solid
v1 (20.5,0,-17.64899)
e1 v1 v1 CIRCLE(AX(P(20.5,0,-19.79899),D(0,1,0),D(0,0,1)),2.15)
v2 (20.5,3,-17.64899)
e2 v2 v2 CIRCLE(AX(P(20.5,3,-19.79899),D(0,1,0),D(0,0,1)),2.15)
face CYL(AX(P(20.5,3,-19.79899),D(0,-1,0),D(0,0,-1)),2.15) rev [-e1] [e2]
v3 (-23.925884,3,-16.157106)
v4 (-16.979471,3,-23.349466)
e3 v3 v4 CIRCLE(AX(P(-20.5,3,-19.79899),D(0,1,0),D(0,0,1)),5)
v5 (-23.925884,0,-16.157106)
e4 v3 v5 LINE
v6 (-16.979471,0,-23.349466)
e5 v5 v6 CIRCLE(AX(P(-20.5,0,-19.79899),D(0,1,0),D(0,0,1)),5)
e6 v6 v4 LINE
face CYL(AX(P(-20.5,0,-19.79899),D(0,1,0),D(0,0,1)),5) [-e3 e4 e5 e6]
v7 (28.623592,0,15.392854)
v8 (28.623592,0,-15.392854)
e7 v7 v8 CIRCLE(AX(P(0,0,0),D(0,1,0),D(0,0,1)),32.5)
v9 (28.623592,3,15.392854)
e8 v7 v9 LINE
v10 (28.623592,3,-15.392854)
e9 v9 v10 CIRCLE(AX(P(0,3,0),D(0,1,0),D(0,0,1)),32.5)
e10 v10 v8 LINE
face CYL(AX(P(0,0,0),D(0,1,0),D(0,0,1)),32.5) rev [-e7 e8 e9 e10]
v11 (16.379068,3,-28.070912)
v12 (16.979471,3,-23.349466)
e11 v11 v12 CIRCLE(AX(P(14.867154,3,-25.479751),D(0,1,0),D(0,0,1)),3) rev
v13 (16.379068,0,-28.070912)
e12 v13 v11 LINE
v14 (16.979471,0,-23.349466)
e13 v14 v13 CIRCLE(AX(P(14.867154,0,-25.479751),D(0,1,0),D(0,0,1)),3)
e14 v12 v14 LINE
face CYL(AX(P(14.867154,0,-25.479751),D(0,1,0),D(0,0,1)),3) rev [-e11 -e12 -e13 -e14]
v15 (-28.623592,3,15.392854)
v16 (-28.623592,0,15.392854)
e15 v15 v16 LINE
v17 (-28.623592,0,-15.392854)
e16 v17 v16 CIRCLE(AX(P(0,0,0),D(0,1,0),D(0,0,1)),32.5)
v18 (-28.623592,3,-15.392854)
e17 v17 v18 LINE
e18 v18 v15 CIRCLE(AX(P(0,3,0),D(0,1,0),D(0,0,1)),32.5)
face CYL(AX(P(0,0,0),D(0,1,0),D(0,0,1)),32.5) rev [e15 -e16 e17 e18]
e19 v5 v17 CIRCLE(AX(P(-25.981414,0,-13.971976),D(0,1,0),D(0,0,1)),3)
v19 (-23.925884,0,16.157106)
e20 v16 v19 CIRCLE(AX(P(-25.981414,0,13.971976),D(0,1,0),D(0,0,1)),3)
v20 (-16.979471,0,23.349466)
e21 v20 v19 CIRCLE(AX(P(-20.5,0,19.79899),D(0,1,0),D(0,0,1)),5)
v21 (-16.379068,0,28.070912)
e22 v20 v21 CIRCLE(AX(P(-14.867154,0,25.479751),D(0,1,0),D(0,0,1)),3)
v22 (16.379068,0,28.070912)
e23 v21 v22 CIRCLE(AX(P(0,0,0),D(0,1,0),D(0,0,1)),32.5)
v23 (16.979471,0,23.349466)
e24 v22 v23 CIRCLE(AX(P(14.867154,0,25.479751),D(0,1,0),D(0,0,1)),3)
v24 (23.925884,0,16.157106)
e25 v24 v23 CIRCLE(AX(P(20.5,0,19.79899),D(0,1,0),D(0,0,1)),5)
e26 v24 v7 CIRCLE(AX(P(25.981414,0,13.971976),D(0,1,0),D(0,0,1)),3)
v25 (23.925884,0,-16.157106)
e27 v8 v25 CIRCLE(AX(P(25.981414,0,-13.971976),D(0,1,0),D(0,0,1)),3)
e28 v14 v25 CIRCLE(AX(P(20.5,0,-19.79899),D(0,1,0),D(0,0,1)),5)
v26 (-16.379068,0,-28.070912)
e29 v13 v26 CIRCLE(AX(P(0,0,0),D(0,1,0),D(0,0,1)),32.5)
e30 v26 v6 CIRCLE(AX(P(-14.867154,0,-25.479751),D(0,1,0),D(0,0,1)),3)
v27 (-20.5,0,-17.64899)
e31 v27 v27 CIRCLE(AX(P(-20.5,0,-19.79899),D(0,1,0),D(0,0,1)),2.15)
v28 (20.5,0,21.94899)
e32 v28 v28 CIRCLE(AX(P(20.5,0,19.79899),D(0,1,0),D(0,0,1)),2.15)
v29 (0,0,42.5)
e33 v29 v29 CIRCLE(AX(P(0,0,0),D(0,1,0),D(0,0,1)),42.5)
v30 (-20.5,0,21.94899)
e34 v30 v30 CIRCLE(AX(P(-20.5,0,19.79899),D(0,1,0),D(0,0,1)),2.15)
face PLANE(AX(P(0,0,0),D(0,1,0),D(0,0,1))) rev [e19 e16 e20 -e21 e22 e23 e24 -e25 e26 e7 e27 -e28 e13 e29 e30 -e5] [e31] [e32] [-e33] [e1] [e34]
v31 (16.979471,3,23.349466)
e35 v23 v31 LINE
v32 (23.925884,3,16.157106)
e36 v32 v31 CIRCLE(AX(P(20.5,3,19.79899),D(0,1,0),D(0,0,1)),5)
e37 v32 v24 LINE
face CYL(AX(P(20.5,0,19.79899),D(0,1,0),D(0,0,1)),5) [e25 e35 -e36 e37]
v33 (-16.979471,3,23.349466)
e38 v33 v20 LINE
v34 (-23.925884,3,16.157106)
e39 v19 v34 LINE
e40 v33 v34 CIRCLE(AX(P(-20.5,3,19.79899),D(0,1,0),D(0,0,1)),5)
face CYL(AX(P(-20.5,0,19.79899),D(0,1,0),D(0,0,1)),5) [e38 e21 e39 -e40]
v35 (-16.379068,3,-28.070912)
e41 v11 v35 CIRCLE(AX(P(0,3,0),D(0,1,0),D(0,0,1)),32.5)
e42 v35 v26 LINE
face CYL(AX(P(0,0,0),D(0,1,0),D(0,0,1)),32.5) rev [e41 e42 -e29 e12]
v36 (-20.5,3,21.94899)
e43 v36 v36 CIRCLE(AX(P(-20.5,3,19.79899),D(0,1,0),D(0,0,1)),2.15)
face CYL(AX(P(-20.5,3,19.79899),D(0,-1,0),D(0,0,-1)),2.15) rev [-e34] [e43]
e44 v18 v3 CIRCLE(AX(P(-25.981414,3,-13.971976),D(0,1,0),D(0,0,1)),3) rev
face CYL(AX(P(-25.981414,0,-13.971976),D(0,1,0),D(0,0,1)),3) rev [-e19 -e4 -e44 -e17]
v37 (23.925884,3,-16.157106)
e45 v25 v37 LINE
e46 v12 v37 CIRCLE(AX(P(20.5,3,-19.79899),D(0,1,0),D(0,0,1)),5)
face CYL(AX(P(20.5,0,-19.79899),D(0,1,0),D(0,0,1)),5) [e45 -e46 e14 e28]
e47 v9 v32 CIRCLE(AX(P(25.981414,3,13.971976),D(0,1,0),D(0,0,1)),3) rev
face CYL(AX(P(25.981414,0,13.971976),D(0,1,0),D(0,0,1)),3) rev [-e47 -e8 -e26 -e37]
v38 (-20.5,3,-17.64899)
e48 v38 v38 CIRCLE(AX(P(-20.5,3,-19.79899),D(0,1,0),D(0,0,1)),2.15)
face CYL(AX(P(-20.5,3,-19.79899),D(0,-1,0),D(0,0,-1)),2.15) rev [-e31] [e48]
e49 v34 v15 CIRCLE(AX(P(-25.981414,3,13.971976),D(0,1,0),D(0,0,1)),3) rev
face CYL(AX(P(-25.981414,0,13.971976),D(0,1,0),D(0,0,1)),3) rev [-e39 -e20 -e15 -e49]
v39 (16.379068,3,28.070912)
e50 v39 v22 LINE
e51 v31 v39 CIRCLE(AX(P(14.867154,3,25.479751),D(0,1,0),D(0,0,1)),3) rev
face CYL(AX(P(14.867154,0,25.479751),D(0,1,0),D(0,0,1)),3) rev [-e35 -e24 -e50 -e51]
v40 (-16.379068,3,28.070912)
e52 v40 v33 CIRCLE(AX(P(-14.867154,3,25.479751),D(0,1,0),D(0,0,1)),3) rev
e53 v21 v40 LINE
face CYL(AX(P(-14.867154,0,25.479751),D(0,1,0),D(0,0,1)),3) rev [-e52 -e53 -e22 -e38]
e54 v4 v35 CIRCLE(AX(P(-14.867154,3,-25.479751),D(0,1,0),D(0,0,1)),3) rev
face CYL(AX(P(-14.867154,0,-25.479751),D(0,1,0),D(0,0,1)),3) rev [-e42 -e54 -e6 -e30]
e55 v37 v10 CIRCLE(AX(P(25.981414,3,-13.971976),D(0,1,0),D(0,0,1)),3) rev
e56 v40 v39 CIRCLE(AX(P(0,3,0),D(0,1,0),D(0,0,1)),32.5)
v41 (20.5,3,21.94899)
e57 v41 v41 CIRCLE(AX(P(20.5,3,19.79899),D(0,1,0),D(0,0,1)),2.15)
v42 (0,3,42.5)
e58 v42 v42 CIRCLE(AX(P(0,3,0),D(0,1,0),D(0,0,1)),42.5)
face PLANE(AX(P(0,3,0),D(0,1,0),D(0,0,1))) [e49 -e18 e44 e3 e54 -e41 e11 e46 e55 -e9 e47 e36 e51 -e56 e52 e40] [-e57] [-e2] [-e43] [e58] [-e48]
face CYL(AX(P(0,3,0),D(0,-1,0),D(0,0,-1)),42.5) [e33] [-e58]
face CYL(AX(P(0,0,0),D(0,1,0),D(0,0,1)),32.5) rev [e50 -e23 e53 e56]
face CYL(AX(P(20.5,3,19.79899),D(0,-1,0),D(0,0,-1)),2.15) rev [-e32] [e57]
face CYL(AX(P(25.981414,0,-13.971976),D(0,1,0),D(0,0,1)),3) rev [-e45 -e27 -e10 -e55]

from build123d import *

# Parameters (mm, degrees)
SKETCH_1_R          = 45
SKETCH_1_R_2        = 2
EXTRUDE_1_DEPTH     = 3
CUT_EXTRUDE_1_DEPTH = 64.710281745
FILLET_1_R          = 3
MOVE_FACE_1_BY      = 2.5
MOVE_FACE_2_BY      = 0.15
MOVE_FACE_2_2_BY    = 0.15
MOVE_FACE_2_3_BY    = 0.15
MOVE_FACE_2_4_BY    = 0.15


with BuildPart() as part:
    # ｽｹｯﾁ1 → ﾎﾞｽ - 押し出し1 (new body)
    with BuildSketch(Plane(origin=(0, 0, 0), x_dir=(1, 0, 0), z_dir=(0, 1, 0))):
        with Locations(Location((0, 0, 0), (0, 0, 270))):
            Circle(SKETCH_1_R)
        with Locations(Location((-20.5, -19.798989873, 0), (0, 0, 270))):
            Circle(SKETCH_1_R_2, mode=Mode.SUBTRACT)
        with Locations(Location((20.5, -19.798989873, 0), (0, 0, 90))):
            Circle(SKETCH_1_R_2, mode=Mode.SUBTRACT)
        with Locations(Location((20.5, 19.798989873, 0), (0, 0, 270))):
            Circle(SKETCH_1_R_2, mode=Mode.SUBTRACT)
        with Locations(Location((-20.5, 19.798989873, 0), (0, 0, 90))):
            Circle(SKETCH_1_R_2, mode=Mode.SUBTRACT)
    extrude(amount=EXTRUDE_1_DEPTH)

    # ｽｹｯﾁ2 → ｶｯﾄ - 押し出し1 (cut, through all)
    with BuildSketch(Plane(origin=(0, 3, 0), x_dir=(1, 0, 0), z_dir=(0, 1, 0))):
        with BuildLine():
            ThreePointArc((25.486471606, -20.166550649), (30.696582279, -10.675665619), (32.5, 0))
            ThreePointArc((32.5, 0), (30.696582279, 10.675665619), (25.486471606, 20.166550649))
            ThreePointArc((25.486471606, 20.166550649), (25.496616757, 19.9828947), (25.5, 19.798989873))
            ThreePointArc((25.5, 19.798989873), (16.778183392, 16.460115641), (21.040767545, 24.769660901))
            ThreePointArc((21.040767545, 24.769660901), (0, 32.5), (-21.040767545, 24.769660901))
            ThreePointArc((-21.040767545, 24.769660901), (-17.161125768, 23.520806481), (-15.5, 19.798989873))
            ThreePointArc((-15.5, 19.798989873), (-20.683904827, 14.802373116), (-25.486471606, 20.166550649))
            ThreePointArc((-25.486471606, 20.166550649), (-32.5, 0), (-25.486471606, -20.166550649))
            ThreePointArc((-25.486471606, -20.166550649), (-20.683904827, -14.802373116), (-15.5, -19.798989873))
            ThreePointArc((-15.5, -19.798989873), (-17.161125768, -23.520806481), (-21.040767545, -24.769660901))
            ThreePointArc((-21.040767545, -24.769660901), (0, -32.5), (21.040767545, -24.769660901))
            ThreePointArc((21.040767545, -24.769660901), (16.778183392, -16.460115641), (25.5, -19.798989873))
            ThreePointArc((25.5, -19.798989873), (25.496616757, -19.9828947), (25.486471606, -20.166550649))
        make_face()
    extrude(amount=-CUT_EXTRUDE_1_DEPTH, mode=Mode.SUBTRACT)

    # ﾌｨﾚｯﾄ1
    fillet_1_edges = [part.edges().sort_by_distance(p)[0] for p in [
        (21.040767545, 1.5, -24.769660901),
        (25.486471606, 1.5, -20.166550649),
        (25.486471606, 1.5, 20.166550649),
        (21.040767545, 1.5, 24.769660901),
        (-21.040767545, 1.5, 24.769660901),
        (-25.486471606, 1.5, 20.166550649),
        (-25.486471606, 1.5, -20.166550649),
        (-21.040767545, 1.5, -24.769660901),
    ]]
    fillet(fillet_1_edges, radius=FILLET_1_R)

    # Move Face 1: a curved face moved inward by 2.5
    add(Solid.thicken(part.faces().sort_by_distance((0, 1.5, -45))[0], -MOVE_FACE_1_BY), mode=Mode.SUBTRACT)

    # Move Face 2: a curved face moved inward by 0.15
    add(Solid.thicken(part.faces().sort_by_distance((20.5, 1.5, -21.798989873))[0], -MOVE_FACE_2_BY), mode=Mode.SUBTRACT)

    # Move Face 2 2: a curved face moved inward by 0.15
    add(Solid.thicken(part.faces().sort_by_distance((-20.5, 1.5, -17.798989873))[0], -MOVE_FACE_2_2_BY), mode=Mode.SUBTRACT)

    # Move Face 2 3: a curved face moved inward by 0.15
    add(Solid.thicken(part.faces().sort_by_distance((-20.5, 1.5, 17.798989873))[0], -MOVE_FACE_2_3_BY), mode=Mode.SUBTRACT)

    # Move Face 2 4: a curved face moved inward by 0.15
    add(Solid.thicken(part.faces().sort_by_distance((20.5, 1.5, 21.798989873))[0], -MOVE_FACE_2_4_BY), mode=Mode.SUBTRACT)


solid = part.part
